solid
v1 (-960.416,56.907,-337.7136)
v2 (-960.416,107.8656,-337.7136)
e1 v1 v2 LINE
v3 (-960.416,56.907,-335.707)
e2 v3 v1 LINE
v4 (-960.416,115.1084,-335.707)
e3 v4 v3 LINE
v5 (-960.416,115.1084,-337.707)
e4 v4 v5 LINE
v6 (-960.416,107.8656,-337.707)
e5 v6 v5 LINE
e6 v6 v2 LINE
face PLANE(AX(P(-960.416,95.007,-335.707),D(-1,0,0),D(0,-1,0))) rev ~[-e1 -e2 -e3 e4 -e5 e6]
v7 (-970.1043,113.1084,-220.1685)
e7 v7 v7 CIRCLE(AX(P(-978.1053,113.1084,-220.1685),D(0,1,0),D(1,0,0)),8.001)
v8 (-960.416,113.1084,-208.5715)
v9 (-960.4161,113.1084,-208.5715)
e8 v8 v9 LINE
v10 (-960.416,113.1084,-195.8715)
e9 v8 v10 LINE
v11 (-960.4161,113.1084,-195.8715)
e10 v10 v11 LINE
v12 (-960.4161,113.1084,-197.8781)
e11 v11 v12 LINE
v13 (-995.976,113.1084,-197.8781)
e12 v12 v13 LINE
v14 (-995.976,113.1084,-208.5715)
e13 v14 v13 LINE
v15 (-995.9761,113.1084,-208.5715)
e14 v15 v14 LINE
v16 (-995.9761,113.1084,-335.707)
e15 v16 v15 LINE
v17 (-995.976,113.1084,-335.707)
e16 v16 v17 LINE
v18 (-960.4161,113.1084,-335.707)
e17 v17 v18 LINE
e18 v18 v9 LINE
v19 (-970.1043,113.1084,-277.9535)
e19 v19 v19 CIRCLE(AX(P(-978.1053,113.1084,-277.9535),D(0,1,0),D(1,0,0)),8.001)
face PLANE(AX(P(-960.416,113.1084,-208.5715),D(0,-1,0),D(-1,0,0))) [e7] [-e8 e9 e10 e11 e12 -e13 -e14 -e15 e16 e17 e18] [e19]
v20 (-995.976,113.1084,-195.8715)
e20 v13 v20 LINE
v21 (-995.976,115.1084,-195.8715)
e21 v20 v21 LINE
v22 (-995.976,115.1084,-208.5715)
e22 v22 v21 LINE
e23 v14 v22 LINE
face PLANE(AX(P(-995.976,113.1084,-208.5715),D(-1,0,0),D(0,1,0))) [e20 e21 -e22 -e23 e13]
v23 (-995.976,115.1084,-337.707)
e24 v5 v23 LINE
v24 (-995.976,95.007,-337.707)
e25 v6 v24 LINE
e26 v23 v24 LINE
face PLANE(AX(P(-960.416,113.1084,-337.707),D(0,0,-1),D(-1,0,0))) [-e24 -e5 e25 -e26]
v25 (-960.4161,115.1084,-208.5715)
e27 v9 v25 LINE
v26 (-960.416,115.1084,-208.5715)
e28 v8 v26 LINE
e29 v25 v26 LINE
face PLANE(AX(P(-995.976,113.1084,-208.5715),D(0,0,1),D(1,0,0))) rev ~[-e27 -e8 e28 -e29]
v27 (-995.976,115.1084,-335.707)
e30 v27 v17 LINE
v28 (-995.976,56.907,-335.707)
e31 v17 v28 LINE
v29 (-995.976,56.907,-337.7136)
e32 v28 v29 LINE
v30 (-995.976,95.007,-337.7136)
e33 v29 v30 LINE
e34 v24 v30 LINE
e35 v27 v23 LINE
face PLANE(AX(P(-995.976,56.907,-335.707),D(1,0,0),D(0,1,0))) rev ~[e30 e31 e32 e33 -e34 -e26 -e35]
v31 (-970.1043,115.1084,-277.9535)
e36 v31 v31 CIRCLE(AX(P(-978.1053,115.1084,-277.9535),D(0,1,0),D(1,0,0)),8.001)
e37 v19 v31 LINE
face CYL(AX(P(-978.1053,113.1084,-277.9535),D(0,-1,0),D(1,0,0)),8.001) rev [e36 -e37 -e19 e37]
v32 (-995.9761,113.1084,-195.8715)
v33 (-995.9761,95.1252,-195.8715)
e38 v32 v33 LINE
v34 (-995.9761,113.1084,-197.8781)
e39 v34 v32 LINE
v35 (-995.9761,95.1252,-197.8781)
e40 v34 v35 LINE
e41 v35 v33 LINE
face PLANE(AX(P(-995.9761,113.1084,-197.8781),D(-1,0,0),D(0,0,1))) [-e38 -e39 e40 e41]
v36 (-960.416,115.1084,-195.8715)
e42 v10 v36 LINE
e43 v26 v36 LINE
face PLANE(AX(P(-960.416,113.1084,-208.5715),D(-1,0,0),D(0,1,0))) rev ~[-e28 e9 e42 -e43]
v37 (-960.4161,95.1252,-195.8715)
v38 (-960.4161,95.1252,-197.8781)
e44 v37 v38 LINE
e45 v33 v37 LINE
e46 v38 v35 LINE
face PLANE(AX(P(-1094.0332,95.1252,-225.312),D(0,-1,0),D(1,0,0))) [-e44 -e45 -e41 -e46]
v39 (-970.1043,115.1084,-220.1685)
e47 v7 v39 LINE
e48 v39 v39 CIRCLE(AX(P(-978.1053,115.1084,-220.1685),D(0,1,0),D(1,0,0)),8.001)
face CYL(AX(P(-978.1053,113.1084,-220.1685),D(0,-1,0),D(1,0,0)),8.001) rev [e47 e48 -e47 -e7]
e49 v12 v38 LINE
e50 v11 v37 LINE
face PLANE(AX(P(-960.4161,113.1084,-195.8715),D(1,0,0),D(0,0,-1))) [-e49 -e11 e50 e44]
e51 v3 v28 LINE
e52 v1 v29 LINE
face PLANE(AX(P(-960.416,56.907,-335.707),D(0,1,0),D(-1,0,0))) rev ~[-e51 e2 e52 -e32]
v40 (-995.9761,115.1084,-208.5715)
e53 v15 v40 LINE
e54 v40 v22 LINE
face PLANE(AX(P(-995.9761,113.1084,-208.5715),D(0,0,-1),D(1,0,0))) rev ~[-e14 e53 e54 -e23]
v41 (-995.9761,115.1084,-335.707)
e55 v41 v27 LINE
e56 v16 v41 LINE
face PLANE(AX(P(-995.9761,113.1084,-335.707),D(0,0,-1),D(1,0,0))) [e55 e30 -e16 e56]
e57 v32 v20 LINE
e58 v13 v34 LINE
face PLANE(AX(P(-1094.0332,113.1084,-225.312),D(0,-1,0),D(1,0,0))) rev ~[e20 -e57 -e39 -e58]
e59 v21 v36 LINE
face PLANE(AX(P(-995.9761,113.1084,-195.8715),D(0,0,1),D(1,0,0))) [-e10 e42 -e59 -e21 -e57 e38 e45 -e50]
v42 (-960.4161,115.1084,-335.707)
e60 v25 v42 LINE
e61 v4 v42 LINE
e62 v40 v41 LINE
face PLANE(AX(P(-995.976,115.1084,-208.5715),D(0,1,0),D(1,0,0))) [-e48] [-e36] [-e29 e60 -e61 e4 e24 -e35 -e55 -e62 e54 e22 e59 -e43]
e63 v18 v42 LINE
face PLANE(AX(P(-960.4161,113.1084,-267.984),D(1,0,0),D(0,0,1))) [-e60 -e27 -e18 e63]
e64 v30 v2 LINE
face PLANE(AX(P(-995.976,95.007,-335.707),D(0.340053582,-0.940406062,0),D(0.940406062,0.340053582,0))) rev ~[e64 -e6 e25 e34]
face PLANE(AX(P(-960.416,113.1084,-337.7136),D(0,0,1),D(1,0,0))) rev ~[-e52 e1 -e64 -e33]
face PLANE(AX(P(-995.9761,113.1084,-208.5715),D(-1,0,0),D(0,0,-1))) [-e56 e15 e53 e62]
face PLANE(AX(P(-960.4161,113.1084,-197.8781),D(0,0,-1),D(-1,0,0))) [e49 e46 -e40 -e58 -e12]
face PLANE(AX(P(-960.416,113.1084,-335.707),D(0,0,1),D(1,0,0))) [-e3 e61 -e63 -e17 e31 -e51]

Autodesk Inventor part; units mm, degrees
ref_plane "YZ Plane" through (0, 0, 0) normal (1, 0, 0) x (0, 1, 0)
ref_plane "XZ Plane" through (0, 0, 0) normal (0, 1, 0) x (-1, 0, 0)
ref_plane "XY Plane" through (0, 0, 0) normal (0, 0, 1) x (1, 0, 0)
ref_plane "Plano de trabalho5" through (-1094.0332, 113.1084, -225.312) normal (0, 1, 0) x (1, 0, 0)
sketch "Esboço10" plane through (-1094.0332, 113.1084, -225.312) normal (0, 1, 0) x (1, 0, 0)
  line L0 (115.9279, 81.534) -> (115.9279, 81.534)
  circle A0 centre (115.9279, -5.1435) radius 8.001
  circle A1 centre (115.9279, 52.6415) radius 8.001
  line L1 (98.0571, -16.7405) -> (133.6171, -16.7405)
  line L2 (133.6171, 68.072) -> (133.6171, 42.672)
  line L3 (133.6171, -16.7405) -> (98.0571, -16.7405)
  line L4 (98.0571, -16.7405) -> (98.0571, 99.695)
  line L5 (133.6171, 99.695) -> (133.6171, -16.7405)
  line L6 (98.0571, 99.695) -> (98.0571, 110.395)
  line L7 (98.0571, 110.395) -> (133.6171, 110.395)
  line L8 (133.6171, 110.395) -> (133.6171, 99.695)
  line L9 (133.6171, 110.395) -> (98.0571, 110.395)
  line L10 (98.0571, 110.395) -> (98.0571, -16.7405)
  line L11 (98.0571, -16.7405) -> (133.6171, -16.7405)
  line L12 (133.6171, -16.7405) -> (133.6171, 110.395)
  point P0 (1094.0332, -225.312)
  dimension "d30" = 0
  dimension "d35" = 16.002
  dimension "d37" = 16.002
  dimension "d65" = 10.7
extrude "Extrusão9" add sketch "Esboço10" along normal blind 2
sketch "Esboço14" plane through (-960.416, 113.1084, -335.707) normal (0, 0, -1) x (-1, 0, 0)
  line L0 (0, 2) -> (35.56, 2)
  line L1 (35.56, 2) -> (35.56, -18.1014)
  line L2 (0, -5.2428) -> (35.56, -18.1014)
  line L3 (0, -5.2428) -> (0, 2)
  point P0 (-960.416, -113.1084)
extrude "Extrusão12" add sketch "Esboço14" along normal blind 2
sketch "Esboço15" plane through (-960.416, 113.1084, -335.707) normal (0, 0, 1) x (1, 0, 0)
  line L0 (-35.56, -18.1014) -> (-35.56, 2) projected
  line L1 (0, 2) -> (0, -5.2428) projected
  line L2 (-35.56, -18.1014) -> (0, -5.2428)
  line L3 (0, -5.2428) -> (0, -18.1014)
  line L4 (0, -18.1014) -> (-35.56, -18.1014)
  point P0 (960.416, -113.1084)
extrude "Extrusão13" add sketch "Esboço15" against normal blind 2.0066
sketch "Esboço16" plane through (-960.416, 113.1084, -335.707) normal (0, 0, 1) x (1, 0, 0)
  line L0 (-35.56, -18.1014) -> (-35.56, 2) projected
  line L1 (-35.56, -18.1014) -> (0, -18.1014)
  line L2 (0, -18.1014) -> (0, -56.2014)
  line L3 (0, -56.2014) -> (-35.56, -56.2014)
  line L4 (-35.56, -56.2014) -> (-35.56, -18.1014)
  point P0 (960.416, -113.1084)
  dimension "d70" = 38.1
extrude "Extrusão14" add sketch "Esboço16" against normal blind 2.0066
sketch "Esboço17" plane through (-995.976, 113.1084, -208.5715) normal (0, 0, 1) x (1, 0, 0)
  line L0 (35.56, 0) -> (35.56, 2) projected
  line L1 (0, 0) -> (0, 2) projected
  line L2 (35.56, 0) -> (0, 0)
  line L3 (0, 0) -> (0, 2)
  line L4 (0, 2) -> (35.56, 2)
  line L5 (35.56, 2) -> (35.56, 0)
  point P0 (995.976, -113.1084)
extrude "Extrusão15" add sketch "Esboço17" along normal blind 12.7
sketch "Esboço18" plane through (-1094.0332, 113.1084, -225.312) normal (0, -1, 0) x (1, 0, 0)
  line L0 (98.0571, 29.4405) -> (133.6171, 29.4405) projected
  line L1 (133.6171, 29.4405) -> (133.6171, -110.395) projected
  line L2 (98.0571, 29.4405) -> (133.6171, 29.4405)
  line L3 (133.6171, 29.4405) -> (133.6171, 27.4339)
  line L4 (133.6171, 27.4339) -> (98.0571, 27.4339)
  line L5 (98.0571, 27.4339) -> (98.0571, 29.4405)
  point P0 (1094.0332, 225.312)
  dimension "d75" = 2.0066
extrude "Extrusão16" add sketch "Esboço18" along normal blind 17.9832
properties part number "Fixação sem Tanque_2 - DIN"
